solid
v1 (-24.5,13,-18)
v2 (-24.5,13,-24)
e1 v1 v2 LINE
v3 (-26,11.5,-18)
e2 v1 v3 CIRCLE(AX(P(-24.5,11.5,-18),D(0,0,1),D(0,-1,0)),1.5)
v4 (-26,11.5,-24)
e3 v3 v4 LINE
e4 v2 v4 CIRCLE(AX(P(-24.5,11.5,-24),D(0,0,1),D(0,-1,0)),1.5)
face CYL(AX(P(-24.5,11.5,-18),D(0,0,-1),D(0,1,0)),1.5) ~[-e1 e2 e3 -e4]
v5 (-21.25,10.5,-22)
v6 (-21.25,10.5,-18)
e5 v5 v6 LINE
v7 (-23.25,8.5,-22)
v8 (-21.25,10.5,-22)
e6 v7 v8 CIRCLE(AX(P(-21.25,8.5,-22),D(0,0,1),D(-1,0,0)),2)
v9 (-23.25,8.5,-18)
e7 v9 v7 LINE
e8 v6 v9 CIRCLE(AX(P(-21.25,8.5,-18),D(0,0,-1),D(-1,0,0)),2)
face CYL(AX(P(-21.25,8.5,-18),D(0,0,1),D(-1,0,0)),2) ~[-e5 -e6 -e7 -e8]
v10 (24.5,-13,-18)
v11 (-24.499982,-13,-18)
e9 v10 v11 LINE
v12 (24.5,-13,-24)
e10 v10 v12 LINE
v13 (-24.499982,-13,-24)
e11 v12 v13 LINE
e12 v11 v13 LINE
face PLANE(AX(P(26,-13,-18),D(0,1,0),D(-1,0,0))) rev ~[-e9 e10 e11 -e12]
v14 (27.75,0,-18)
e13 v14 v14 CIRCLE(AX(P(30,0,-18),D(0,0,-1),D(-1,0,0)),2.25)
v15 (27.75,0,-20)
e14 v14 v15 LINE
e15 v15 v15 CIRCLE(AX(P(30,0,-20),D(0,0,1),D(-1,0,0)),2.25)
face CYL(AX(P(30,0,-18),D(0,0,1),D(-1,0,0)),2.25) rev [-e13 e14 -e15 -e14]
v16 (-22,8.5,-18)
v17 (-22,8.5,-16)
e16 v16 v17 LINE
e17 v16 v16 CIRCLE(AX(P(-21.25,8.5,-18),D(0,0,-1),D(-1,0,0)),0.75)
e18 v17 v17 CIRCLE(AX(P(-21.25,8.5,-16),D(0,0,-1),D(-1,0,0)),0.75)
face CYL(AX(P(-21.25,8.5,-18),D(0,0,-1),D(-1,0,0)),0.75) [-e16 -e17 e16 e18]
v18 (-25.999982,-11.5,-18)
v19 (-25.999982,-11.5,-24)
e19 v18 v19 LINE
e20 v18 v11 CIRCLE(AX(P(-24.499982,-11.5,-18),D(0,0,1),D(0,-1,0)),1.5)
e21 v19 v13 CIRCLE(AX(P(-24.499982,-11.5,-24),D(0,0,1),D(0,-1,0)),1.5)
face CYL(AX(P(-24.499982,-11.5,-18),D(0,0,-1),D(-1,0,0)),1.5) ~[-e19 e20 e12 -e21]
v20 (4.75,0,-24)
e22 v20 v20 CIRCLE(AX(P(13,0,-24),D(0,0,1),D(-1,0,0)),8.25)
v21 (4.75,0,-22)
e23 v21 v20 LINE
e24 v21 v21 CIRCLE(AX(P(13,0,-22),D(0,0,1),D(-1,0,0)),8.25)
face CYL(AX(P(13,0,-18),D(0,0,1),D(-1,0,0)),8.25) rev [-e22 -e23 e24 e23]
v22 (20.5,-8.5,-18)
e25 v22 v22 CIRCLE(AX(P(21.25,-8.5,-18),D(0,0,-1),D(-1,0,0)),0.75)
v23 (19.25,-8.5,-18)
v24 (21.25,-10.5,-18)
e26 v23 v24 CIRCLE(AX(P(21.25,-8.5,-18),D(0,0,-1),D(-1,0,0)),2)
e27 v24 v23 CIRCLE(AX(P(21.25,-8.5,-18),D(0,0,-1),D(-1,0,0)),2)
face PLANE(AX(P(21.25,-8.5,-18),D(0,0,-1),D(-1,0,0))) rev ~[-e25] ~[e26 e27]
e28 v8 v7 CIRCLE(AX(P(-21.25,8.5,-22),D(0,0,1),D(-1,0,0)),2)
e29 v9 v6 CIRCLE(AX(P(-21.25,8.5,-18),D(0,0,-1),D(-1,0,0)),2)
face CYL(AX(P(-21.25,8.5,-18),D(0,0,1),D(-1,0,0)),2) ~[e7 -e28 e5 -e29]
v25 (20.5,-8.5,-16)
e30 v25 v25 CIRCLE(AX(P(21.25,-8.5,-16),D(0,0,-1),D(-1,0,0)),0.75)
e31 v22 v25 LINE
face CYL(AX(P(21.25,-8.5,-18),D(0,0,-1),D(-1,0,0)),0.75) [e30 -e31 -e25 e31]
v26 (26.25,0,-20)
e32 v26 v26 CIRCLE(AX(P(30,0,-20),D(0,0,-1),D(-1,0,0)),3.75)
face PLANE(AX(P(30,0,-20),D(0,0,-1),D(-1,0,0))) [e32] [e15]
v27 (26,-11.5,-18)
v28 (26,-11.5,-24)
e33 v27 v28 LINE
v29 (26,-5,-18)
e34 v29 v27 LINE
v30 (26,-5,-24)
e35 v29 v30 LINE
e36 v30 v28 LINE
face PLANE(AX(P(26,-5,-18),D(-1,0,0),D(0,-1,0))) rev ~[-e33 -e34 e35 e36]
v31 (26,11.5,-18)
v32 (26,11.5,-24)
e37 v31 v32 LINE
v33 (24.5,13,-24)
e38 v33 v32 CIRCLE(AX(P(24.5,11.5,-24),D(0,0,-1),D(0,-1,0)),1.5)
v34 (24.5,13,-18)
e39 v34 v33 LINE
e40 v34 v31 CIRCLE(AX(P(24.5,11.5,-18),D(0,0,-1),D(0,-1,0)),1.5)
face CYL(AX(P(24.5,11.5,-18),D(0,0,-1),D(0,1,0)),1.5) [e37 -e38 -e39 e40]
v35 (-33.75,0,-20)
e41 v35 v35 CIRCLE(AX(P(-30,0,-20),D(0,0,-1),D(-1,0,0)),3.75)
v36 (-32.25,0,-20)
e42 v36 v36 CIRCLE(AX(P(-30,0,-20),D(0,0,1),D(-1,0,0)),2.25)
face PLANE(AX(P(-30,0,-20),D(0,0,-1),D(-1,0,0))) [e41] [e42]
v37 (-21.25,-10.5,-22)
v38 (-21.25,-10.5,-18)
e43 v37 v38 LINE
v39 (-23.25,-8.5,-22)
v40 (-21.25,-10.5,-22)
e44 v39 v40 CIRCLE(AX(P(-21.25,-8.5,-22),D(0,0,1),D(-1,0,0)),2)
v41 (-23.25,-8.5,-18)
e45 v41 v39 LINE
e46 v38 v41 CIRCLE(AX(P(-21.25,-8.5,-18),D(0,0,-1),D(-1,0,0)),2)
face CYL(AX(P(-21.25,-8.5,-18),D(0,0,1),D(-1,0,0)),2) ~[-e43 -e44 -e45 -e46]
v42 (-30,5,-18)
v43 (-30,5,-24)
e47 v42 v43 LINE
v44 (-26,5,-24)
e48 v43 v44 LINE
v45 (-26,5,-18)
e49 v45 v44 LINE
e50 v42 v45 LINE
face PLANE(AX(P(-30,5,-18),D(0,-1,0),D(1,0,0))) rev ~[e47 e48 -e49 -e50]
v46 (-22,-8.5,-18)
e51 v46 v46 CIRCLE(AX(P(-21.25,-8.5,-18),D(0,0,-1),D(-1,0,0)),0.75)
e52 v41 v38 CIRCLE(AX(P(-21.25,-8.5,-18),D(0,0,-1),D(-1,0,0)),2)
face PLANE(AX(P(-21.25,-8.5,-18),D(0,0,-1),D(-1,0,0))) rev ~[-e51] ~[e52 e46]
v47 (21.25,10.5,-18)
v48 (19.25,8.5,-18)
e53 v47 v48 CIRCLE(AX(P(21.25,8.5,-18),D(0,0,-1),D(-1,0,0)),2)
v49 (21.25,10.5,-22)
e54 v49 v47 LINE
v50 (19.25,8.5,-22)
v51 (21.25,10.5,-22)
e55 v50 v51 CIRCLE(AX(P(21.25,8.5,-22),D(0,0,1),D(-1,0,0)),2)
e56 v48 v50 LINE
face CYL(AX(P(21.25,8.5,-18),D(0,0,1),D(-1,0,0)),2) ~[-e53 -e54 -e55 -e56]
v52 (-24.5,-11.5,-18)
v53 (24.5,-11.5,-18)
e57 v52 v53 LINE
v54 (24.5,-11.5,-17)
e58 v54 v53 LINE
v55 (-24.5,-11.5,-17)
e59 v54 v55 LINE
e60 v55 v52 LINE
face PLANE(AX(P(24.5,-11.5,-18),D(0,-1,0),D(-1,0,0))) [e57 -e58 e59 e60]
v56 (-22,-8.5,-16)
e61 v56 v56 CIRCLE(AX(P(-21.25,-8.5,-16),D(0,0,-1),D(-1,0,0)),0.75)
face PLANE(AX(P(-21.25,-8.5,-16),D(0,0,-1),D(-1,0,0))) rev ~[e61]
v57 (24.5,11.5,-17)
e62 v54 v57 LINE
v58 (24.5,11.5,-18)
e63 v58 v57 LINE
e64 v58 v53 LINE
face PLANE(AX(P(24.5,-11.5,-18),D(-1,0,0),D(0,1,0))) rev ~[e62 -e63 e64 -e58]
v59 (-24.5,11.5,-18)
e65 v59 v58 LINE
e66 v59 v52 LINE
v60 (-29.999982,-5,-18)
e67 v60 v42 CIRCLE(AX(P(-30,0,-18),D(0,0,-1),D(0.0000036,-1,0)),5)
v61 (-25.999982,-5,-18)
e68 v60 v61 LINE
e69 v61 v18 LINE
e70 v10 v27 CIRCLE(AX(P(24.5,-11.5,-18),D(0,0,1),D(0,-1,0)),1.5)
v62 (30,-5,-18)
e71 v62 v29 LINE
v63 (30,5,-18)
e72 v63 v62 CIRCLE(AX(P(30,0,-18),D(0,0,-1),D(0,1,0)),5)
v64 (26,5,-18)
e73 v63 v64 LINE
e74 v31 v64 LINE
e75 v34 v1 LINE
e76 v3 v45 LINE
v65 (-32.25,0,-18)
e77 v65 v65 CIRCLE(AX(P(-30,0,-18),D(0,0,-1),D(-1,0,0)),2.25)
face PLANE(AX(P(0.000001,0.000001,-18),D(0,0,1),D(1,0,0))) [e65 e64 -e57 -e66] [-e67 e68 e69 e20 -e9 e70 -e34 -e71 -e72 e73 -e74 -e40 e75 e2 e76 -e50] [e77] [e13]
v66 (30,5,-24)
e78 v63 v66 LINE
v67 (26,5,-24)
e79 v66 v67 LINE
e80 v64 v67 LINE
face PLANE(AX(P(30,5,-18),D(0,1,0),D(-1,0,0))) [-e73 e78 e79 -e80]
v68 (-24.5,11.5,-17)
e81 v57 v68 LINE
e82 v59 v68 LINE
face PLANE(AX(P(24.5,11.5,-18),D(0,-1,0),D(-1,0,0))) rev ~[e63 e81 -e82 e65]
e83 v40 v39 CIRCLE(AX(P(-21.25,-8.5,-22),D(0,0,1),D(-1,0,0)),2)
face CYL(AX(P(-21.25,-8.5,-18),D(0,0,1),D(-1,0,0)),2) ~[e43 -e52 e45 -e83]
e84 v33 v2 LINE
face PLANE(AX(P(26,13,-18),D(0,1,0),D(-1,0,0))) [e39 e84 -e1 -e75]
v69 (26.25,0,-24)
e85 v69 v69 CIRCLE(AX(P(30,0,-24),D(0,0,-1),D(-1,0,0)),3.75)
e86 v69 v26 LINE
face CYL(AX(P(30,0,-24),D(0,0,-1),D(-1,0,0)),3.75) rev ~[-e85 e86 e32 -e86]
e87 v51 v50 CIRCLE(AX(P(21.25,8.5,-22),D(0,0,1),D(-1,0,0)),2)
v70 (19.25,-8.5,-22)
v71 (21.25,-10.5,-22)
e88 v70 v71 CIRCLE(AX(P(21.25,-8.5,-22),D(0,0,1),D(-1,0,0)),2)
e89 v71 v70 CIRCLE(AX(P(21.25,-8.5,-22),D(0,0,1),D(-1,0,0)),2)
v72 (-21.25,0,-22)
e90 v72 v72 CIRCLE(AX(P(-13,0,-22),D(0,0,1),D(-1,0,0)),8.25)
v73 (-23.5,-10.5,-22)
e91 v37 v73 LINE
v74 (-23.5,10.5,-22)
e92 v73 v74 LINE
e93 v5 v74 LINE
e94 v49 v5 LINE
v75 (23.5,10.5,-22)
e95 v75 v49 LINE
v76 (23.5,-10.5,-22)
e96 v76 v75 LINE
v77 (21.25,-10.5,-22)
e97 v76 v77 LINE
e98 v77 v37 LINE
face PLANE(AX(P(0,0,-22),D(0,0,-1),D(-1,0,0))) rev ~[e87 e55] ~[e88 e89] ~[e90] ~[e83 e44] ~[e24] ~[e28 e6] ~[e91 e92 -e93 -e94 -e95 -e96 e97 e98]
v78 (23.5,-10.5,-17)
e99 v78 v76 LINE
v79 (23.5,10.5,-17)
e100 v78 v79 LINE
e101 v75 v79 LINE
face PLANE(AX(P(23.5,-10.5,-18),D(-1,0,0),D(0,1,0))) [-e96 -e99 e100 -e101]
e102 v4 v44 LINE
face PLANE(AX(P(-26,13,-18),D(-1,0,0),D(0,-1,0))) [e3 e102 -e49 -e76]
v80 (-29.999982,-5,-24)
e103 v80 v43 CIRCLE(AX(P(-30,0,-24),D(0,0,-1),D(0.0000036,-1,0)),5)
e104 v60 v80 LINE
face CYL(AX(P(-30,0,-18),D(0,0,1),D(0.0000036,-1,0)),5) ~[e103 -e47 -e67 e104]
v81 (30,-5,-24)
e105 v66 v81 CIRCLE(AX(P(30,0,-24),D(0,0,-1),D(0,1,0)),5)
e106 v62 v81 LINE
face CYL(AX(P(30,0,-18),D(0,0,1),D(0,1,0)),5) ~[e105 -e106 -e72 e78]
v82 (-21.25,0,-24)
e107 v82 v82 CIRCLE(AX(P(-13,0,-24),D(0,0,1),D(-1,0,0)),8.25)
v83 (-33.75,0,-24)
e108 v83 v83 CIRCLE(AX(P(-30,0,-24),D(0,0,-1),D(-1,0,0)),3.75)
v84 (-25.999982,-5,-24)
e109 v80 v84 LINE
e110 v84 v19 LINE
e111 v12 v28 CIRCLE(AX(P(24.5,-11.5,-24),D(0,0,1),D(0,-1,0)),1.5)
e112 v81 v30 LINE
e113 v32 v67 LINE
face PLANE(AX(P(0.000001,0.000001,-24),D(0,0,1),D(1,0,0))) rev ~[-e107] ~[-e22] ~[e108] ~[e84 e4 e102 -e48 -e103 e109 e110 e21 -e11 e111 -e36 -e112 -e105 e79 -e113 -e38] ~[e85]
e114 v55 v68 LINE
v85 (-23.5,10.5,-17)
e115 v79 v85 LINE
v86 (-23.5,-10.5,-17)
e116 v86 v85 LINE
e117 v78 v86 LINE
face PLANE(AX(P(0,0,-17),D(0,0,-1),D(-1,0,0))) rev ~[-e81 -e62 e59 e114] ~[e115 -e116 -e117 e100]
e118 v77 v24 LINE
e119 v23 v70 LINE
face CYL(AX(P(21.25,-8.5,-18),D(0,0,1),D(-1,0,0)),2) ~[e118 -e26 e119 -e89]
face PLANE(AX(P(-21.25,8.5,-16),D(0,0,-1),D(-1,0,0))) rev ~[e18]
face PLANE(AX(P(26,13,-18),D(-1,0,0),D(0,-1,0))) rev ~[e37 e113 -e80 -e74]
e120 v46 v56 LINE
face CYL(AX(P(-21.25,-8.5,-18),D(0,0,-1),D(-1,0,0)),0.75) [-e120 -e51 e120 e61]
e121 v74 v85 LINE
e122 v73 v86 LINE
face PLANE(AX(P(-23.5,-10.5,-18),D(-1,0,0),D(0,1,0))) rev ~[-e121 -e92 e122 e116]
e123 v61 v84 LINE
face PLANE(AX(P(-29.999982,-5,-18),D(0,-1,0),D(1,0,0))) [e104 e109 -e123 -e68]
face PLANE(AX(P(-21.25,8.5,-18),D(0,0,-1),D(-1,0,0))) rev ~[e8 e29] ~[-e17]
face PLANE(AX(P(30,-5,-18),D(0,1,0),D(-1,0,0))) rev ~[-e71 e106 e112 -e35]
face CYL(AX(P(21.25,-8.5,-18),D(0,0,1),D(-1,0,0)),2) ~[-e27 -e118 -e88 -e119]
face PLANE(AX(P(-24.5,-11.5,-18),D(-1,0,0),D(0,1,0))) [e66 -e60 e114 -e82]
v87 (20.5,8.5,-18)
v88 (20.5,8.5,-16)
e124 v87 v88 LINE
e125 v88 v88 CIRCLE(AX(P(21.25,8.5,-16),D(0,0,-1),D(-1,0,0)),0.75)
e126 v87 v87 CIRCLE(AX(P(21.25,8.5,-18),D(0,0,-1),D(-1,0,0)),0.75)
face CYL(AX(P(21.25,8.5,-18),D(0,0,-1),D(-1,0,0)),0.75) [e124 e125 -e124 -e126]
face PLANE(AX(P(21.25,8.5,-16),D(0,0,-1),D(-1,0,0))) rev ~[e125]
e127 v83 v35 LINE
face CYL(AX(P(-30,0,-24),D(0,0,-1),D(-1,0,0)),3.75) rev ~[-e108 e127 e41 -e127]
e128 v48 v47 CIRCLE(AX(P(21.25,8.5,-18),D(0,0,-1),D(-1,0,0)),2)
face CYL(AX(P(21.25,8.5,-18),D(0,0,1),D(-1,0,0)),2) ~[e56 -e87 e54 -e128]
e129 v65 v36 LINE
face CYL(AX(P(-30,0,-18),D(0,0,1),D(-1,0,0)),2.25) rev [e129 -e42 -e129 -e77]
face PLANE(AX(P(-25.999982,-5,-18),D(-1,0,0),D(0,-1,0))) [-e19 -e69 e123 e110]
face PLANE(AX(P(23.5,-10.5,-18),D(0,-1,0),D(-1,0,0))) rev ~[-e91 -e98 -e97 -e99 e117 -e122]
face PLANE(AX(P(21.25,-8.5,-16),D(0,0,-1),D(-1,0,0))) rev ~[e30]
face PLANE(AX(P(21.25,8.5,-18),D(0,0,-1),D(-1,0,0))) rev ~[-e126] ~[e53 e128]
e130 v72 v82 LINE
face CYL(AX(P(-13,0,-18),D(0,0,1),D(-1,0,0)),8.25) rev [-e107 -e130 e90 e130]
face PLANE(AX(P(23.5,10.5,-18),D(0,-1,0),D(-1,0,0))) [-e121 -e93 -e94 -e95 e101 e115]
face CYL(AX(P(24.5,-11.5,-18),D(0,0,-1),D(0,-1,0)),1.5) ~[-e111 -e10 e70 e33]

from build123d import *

# Parameters (mm, degrees)
SKETCH011_R             = 2.25
PAD004_DEPTH            = 6
SKETCH021_W             = 49
SKETCH021_H             = 23
SKETCH021_W_2           = 47
SKETCH021_H_2           = 21
PAD005_DEPTH            = 1
SKETCH020_W             = 47
SKETCH020_H             = 21
POCKET005_DEPTH         = 4
SKETCH012_R             = 8.25
POCKET006_DEPTH         = 8
POCKET006_DEPTH_BACK    = 8
SKETCH022_R             = 3.75
POCKET007_DEPTH         = 4
SKETCH024_R             = 2
PAD006_DEPTH            = 6
SKETCH025_R             = 0.75
PAD007_DEPTH            = 2
FILLET001_R             = 1.5
BODY001_PLACEMENT_ANGLE = 180


with BuildPart() as part:
    # Sketch011 → Pad004 (new body)
    with BuildSketch(Plane.XY):
        with BuildLine():
            Line((-26, 13), (26, 13))
            Line((26, 13), (26, 5))
            Line((30, 5), (26, 5))
            ThreePointArc((29.999982, -5), (35, -9e-06), (30, 5))
            Line((29.999982, -5), (25.999982, -5))
            Line((25.999982, -5), (25.999982, -13))
            Line((-26, -13), (25.999982, -13))
            Line((-26, -5), (-26, -13))
            Line((-30, -5), (-26, -5))
            ThreePointArc((-30, 5), (-35, 0), (-30, -5))
            Line((-30, 5), (-26, 5))
            Line((-26, 13), (-26, 5))
        make_face()
        with Locations((-30, 0)):
            Circle(SKETCH011_R, mode=Mode.SUBTRACT)
        with Locations((30, 0)):
            Circle(SKETCH011_R, mode=Mode.SUBTRACT)
    extrude(amount=PAD004_DEPTH)

    # Sketch021 → Pad005 (join, symmetric)
    with BuildSketch(Plane.XY):
        Rectangle(SKETCH021_W, SKETCH021_H)
        Rectangle(SKETCH021_W_2, SKETCH021_H_2, mode=Mode.SUBTRACT)
    extrude(amount=PAD005_DEPTH, both=True)

    # Sketch020 → Pocket005 (cut)
    with BuildSketch(Plane.XY):
        Rectangle(SKETCH020_W, SKETCH020_H)
    extrude(amount=POCKET005_DEPTH, mode=Mode.SUBTRACT)

    # Sketch012 → Pocket006 (cut, two sides)
    with BuildSketch(Plane.XY) as pocket006_sk:
        with Locations((-13, 0)):
            Circle(SKETCH012_R)
        with Locations((13, 0)):
            Circle(SKETCH012_R)
    extrude(amount=-POCKET006_DEPTH, mode=Mode.SUBTRACT)
    extrude(pocket006_sk.sketch, amount=POCKET006_DEPTH_BACK, mode=Mode.SUBTRACT)

    # Sketch022 (on Face5 of Pocket006) → Pocket007 (cut)
    with BuildSketch(Plane.XY.offset(6)):
        with Locations((-30, 0)):
            Circle(SKETCH022_R)
        with Locations((30, 0)):
            Circle(SKETCH022_R)
    extrude(amount=-POCKET007_DEPTH, mode=Mode.SUBTRACT)

    # Sketch024 → Pad006 (join)
    with BuildSketch(Plane.XY):
        with Locations((21.25, 8.5)):
            Circle(SKETCH024_R)
        with Locations((-21.25, 8.5)):
            Circle(SKETCH024_R)
        with Locations((-21.25, -8.5)):
            Circle(SKETCH024_R)
        with Locations((21.25, -8.5)):
            Circle(SKETCH024_R)
    extrude(amount=PAD006_DEPTH)

    # Sketch025 → Pad007 (join)
    with BuildSketch(Plane.XY):
        with Locations((-21.25, 8.5)):
            Circle(SKETCH025_R)
        with Locations((-21.25, -8.5)):
            Circle(SKETCH025_R)
        with Locations((21.25, 8.5)):
            Circle(SKETCH025_R)
        with Locations((21.25, -8.5)):
            Circle(SKETCH025_R)
    extrude(amount=-PAD007_DEPTH)

    # Fillet001
    fillet001_edges = [part.edges().sort_by_distance(p)[0] for p in [
        (26, 13, 3),
        (25.999982, -13, 3),
        (-26, 13, 3),
        (-26, -13, 3),
    ]]
    fillet(fillet001_edges, radius=FILLET001_R)


with BuildPart() as part_1:
    # Body001 placement: moved
    add(part.part.moved(Location((0, 0, -18))).rotate(Axis((0, 0, -18), (0, 1, 0)), BODY001_PLACEMENT_ANGLE))


solid = part_1.part
